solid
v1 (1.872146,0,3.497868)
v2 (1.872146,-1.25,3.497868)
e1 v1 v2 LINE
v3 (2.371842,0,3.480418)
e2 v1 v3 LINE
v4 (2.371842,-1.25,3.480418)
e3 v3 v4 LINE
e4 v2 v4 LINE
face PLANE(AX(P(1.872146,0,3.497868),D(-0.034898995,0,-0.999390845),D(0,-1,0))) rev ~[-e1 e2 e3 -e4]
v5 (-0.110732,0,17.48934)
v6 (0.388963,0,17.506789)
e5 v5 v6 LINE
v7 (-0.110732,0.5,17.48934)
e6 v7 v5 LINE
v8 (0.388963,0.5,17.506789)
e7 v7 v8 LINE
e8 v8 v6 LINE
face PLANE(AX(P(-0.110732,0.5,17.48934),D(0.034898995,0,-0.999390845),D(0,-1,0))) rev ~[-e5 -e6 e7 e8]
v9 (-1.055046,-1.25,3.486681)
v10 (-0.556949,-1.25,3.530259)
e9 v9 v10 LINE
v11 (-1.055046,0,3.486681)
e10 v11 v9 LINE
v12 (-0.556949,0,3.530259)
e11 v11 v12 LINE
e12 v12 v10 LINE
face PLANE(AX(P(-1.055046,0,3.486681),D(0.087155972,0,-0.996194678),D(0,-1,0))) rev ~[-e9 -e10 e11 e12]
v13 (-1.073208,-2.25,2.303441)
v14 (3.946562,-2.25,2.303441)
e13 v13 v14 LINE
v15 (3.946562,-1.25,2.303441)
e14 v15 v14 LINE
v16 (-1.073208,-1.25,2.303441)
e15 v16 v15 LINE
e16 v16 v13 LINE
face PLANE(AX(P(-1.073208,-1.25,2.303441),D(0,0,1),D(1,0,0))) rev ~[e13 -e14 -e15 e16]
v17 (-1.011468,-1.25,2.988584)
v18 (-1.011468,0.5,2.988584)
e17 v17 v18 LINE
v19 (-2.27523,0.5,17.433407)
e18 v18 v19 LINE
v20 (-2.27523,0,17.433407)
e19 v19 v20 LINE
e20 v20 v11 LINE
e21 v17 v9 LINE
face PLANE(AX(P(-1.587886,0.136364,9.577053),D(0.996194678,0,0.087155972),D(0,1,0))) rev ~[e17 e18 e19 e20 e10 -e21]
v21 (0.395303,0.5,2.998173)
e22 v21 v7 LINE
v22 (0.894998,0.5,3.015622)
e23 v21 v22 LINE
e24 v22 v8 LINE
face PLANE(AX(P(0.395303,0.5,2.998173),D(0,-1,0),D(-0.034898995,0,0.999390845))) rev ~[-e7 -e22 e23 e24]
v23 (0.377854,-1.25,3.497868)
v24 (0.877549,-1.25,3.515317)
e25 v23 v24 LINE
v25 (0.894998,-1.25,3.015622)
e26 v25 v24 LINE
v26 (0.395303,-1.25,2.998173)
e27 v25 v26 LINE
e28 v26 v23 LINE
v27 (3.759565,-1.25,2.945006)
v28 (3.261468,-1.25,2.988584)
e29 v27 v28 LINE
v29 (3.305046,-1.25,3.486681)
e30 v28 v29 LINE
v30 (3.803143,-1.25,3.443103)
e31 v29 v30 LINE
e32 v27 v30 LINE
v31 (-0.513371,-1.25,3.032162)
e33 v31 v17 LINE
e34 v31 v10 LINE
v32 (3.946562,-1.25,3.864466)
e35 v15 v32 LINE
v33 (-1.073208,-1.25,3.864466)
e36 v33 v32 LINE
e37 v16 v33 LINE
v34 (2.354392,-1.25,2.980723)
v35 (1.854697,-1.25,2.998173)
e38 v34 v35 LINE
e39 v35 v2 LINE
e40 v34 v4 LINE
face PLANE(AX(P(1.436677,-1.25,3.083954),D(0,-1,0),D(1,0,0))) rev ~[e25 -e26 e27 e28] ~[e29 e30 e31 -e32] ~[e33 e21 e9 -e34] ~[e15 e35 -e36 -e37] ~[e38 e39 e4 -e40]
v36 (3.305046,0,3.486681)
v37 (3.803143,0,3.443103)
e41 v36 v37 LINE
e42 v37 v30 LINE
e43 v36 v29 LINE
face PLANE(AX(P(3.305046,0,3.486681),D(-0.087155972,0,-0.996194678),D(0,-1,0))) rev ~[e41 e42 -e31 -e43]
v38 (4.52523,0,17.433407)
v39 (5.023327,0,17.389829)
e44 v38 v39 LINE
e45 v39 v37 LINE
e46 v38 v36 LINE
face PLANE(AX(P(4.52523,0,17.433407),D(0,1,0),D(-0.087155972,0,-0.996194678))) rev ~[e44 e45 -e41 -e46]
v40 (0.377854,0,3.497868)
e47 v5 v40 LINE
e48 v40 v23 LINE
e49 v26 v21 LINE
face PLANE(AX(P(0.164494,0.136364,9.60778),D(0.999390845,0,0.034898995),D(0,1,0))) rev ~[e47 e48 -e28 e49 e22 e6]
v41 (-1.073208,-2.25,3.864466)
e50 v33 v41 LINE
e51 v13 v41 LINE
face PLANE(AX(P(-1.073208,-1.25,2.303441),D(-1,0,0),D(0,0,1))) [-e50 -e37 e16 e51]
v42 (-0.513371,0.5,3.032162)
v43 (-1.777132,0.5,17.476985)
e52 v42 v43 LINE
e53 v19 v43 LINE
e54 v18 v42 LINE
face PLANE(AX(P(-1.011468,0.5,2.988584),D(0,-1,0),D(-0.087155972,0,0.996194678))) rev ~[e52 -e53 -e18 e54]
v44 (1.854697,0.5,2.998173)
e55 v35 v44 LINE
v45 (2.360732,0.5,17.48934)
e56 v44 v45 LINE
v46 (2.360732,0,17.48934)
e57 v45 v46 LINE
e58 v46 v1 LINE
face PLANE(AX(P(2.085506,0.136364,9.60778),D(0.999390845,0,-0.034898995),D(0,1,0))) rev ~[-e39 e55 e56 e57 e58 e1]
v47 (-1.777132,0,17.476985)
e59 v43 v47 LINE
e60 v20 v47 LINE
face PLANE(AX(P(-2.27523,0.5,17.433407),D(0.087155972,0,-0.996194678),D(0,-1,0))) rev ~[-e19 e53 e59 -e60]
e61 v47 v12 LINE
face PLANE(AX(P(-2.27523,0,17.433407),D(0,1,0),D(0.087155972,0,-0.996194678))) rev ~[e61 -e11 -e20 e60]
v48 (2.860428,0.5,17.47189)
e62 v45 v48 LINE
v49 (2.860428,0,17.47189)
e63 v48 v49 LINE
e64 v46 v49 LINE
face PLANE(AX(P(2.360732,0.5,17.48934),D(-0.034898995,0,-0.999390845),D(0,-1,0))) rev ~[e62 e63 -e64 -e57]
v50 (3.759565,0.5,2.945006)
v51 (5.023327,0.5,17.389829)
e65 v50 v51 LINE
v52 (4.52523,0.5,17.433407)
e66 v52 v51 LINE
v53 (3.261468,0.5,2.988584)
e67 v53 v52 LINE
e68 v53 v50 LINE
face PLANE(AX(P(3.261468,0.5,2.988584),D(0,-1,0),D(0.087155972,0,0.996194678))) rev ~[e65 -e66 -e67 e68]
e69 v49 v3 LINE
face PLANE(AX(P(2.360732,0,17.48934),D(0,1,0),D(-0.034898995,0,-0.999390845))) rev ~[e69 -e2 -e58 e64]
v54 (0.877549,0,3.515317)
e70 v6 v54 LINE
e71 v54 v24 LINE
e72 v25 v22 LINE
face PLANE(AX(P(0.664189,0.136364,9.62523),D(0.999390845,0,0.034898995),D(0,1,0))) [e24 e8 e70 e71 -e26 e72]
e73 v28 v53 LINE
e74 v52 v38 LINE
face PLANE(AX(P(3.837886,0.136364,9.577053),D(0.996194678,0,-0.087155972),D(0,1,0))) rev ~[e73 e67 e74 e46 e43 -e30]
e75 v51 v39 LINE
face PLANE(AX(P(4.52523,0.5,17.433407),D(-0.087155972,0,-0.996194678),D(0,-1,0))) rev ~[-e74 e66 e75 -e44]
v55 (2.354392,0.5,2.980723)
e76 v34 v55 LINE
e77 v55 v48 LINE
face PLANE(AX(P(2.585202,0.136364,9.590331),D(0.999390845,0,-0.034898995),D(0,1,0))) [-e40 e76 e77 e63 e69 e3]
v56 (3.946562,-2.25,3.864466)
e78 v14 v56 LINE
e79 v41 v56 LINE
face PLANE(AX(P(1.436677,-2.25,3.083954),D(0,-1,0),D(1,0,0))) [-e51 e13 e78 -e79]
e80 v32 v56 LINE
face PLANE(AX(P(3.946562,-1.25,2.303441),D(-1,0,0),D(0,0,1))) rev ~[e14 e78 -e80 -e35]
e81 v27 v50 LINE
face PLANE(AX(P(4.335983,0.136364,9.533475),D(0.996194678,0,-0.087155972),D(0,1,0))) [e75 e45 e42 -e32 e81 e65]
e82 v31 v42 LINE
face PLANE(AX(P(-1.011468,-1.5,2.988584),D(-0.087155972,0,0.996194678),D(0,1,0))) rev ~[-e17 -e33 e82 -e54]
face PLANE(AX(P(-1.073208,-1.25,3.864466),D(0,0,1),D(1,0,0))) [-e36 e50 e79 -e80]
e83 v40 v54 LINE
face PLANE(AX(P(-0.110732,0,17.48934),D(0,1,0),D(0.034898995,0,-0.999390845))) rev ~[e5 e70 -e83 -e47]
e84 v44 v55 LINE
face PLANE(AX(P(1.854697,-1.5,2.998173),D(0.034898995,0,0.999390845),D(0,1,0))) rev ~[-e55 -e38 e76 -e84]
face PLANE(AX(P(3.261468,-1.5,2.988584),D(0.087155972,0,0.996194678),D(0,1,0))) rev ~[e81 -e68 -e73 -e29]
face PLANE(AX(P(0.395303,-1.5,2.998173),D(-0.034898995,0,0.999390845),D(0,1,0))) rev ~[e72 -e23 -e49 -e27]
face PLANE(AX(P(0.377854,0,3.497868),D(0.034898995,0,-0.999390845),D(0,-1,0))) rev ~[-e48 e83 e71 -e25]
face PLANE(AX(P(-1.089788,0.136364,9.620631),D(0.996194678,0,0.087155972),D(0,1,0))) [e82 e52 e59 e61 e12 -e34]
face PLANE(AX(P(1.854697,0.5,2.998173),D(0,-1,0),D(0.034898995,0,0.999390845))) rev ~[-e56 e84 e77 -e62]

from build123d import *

# Parameters (mm, degrees)
SKETCH009_W  = 5.019769
SKETCH009_H  = 1.561025
PAD007_DEPTH = 1
PAD005_DEPTH = 0.5
PAD006_DEPTH = 0.5
PAD008_DEPTH = 0.5
PAD009_DEPTH = 0.5


with BuildPart() as part:
    # Sketch009 → Pad007 (new body)
    with BuildSketch(Plane.XZ.offset(1.25)):
        with Locations((1.436677, 3.083954)):
            Rectangle(SKETCH009_W, SKETCH009_H)
    extrude(amount=PAD007_DEPTH)

    # Sketch005 → Pad005 (join)
    with BuildSketch(Plane(origin=(-0.75, 0, 0), x_dir=(0, 1, 0), z_dir=(0.996195, 0, 0.087156))):
        Polygon((-1.5, 3), (0.5, 3), (0.5, 17.5), (0, 17.5), (0, 3.5), (-1.5, 3.5), align=None)
    extrude(amount=PAD005_DEPTH)

    # Sketch006 → Pad006 (join)
    with BuildSketch(Plane(origin=(0.5, 0, 0), x_dir=(0, 1, 0), z_dir=(0.999391, 0, 0.034899))):
        Polygon((-1.5, 3), (0.5, 3), (0.5, 17.5), (0, 17.5), (0, 3.5), (-1.5, 3.5), align=None)
    extrude(amount=PAD006_DEPTH)

    # Sketch007 → Pad008 (join)
    with BuildSketch(Plane(origin=(1.75, 0, 0), x_dir=(0, 1, 0), z_dir=(0.999391, 0, -0.034899))):
        Polygon((-1.5, 3), (0.5, 3), (0.5, 17.5), (0, 17.5), (0, 3.5), (-1.5, 3.5), align=None)
    extrude(amount=PAD008_DEPTH)

    # Sketch008 → Pad009 (join)
    with BuildSketch(Plane(origin=(3, 0, 0), x_dir=(0, 1, 0), z_dir=(0.996195, 0, -0.087156))):
        Polygon((-1.5, 3), (0.5, 3), (0.5, 17.5), (0, 17.5), (0, 3.5), (-1.5, 3.5), align=None)
    extrude(amount=PAD009_DEPTH)


solid = part.part
